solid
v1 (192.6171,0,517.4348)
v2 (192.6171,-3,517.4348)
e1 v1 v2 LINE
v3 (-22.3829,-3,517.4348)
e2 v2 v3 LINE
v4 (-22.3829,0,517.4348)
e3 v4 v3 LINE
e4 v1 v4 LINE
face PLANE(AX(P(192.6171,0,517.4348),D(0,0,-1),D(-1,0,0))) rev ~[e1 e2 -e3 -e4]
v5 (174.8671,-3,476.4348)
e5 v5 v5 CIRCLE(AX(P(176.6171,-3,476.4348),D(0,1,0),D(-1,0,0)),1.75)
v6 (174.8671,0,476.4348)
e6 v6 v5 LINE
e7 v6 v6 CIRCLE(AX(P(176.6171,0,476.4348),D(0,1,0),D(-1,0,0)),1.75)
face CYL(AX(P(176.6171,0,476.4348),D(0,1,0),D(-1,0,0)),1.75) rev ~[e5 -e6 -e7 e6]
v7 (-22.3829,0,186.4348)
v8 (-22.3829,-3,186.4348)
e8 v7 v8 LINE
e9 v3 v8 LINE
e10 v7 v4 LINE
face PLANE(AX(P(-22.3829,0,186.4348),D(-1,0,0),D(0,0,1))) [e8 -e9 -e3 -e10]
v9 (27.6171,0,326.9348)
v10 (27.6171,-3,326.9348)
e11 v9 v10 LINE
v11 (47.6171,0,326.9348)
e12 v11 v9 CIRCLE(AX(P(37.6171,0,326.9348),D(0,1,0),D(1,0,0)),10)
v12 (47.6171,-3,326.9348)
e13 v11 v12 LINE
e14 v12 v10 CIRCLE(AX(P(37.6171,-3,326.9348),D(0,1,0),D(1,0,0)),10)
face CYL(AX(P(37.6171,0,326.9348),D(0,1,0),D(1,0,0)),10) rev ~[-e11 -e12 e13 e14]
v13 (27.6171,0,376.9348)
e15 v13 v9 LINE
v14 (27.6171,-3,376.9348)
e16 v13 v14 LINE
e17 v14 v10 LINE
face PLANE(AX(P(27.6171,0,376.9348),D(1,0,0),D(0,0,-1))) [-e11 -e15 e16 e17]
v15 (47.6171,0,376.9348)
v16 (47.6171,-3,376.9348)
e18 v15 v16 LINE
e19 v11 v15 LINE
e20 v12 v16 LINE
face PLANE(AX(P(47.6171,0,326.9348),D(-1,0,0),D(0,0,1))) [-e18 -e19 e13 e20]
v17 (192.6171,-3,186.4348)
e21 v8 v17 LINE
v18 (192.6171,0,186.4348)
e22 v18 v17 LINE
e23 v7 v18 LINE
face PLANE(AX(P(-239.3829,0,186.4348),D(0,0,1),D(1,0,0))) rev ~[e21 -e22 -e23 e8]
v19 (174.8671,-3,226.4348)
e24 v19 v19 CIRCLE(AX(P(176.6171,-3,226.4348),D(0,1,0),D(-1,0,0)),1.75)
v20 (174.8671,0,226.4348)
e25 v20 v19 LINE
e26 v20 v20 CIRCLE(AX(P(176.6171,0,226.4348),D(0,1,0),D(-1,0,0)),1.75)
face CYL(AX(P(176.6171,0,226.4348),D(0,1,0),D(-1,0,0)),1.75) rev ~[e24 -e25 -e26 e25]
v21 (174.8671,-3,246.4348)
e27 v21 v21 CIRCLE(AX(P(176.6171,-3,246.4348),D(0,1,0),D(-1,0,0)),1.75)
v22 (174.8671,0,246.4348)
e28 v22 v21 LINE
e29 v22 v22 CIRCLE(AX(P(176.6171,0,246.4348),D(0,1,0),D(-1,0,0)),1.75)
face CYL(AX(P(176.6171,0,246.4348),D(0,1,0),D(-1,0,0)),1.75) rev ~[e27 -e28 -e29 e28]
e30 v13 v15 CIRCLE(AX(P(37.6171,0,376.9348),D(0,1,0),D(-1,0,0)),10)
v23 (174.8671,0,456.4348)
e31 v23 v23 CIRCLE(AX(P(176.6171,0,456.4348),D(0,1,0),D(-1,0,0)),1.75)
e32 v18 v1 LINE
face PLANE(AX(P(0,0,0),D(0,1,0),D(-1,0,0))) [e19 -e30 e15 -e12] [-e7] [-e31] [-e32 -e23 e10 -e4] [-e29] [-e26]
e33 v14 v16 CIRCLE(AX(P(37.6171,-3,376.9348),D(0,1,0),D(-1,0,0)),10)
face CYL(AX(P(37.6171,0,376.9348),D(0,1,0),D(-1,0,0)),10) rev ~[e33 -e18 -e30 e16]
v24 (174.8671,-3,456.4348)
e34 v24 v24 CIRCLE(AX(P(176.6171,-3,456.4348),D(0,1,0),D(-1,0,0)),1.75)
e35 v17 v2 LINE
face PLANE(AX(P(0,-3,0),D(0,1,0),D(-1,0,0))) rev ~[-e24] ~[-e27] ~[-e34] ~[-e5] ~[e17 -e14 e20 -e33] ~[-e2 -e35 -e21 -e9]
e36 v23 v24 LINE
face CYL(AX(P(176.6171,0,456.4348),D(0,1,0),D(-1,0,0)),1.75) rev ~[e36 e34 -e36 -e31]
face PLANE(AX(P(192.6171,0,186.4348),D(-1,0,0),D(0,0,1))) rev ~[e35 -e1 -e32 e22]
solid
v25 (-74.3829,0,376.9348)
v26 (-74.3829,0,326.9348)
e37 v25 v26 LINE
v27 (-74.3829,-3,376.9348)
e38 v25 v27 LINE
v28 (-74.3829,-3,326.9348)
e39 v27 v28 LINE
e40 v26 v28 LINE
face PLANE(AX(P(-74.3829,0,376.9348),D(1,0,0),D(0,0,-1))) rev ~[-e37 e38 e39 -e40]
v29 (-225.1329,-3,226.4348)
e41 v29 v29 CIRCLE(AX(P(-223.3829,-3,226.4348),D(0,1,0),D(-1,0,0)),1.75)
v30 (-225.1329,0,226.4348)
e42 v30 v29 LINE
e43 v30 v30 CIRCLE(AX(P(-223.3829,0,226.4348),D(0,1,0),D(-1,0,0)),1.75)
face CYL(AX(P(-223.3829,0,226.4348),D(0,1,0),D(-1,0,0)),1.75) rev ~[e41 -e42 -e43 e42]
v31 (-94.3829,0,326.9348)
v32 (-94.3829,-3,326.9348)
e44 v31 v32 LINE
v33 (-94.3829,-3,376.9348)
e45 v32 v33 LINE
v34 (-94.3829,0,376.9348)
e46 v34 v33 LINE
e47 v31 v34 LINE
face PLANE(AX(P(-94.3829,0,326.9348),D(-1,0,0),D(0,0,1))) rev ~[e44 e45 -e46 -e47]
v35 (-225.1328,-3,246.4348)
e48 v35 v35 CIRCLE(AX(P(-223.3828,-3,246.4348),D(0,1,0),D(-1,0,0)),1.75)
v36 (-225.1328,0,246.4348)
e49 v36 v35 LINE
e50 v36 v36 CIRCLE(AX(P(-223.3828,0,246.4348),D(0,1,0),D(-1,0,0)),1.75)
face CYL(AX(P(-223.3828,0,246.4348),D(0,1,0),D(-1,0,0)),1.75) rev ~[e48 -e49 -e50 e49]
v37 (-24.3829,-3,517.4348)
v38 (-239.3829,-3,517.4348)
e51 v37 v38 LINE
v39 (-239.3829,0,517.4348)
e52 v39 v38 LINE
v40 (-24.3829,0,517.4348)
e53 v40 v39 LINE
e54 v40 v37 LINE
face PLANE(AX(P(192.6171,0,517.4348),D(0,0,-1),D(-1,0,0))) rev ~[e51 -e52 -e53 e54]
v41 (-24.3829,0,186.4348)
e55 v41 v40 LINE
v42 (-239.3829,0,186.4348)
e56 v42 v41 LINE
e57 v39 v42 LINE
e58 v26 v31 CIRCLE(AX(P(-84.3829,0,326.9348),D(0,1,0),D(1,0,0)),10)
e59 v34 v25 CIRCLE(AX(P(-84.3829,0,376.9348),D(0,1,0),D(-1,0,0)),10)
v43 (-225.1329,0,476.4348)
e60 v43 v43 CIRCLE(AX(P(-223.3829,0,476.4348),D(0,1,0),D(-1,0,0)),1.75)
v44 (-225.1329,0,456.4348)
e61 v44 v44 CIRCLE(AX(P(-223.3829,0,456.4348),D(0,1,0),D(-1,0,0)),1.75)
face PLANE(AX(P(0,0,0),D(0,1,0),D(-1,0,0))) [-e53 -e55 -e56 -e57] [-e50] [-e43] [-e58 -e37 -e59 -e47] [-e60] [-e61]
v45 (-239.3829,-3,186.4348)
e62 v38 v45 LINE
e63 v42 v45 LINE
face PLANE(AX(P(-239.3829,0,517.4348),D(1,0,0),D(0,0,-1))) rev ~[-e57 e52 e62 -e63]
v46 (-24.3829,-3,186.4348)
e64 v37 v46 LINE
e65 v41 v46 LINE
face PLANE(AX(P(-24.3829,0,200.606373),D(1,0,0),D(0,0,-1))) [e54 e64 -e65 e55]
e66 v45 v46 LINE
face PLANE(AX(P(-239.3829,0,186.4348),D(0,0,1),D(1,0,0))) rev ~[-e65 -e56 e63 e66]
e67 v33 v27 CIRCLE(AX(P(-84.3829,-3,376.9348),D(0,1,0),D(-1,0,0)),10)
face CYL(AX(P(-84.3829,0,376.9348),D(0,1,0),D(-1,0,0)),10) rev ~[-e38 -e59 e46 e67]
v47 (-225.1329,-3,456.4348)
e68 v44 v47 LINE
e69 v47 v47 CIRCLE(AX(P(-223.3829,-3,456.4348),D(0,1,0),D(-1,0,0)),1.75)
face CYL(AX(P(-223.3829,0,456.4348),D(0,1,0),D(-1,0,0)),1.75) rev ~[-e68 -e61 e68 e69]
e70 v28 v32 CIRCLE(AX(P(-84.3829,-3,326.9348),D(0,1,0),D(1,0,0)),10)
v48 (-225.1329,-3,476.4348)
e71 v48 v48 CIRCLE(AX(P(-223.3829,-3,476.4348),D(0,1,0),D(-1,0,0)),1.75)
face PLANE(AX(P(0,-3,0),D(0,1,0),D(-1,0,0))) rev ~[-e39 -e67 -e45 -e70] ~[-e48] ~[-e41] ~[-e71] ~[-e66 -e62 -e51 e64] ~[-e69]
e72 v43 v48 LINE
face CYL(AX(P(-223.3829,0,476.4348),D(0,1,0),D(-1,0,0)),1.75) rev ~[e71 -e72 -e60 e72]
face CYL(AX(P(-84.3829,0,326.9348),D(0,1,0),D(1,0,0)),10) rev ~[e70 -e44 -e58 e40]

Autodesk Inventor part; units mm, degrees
ref_plane "YZ Plane" through (0, 0, 0) normal (1, 0, 0) x (0, 1, 0)
ref_plane "XZ Plane" through (0, 0, 0) normal (0, 1, 0) x (-1, 0, 0)
ref_plane "XY Plane" through (0, 0, 0) normal (0, 0, 1) x (1, 0, 0)
sketch "Sketch1" plane through (0, 0, 0) normal (0, 1, 0) x (-1, 0, 0)
  circle A0 centre (104.8829, 126.4348) radius 1.25 projected
  circle A1 centre (139.8829, 126.4348) radius 1.25 projected
  circle A2 centre (-92.6171, 155.4348) radius 1.6 projected
  circle A3 centre (210.3829, 138.4348) radius 11.5 projected
  circle A4 centre (-92.6171, 114.4348) radius 1.6 projected
  line L0 (-122.7381, 154.8468) -> (-122.7381, 115.0468) projected
  line L1 (-122.7381, 115.0468) -> (-181.8381, 115.0468) projected
  line L2 (-181.8381, 115.0468) -> (-181.8381, 154.8468) projected
  line L3 (-181.8381, 154.8468) -> (-122.7381, 154.8468) projected
  circle A5 centre (95.3829, 138.4348) radius 12.5 projected
  circle A6 centre (130.3829, 138.4348) radius 12.5 projected
  circle A7 centre (120.8829, 150.4348) radius 1.25 projected
  circle A8 centre (-102.5711, 120.4348) radius 2.5 projected
  circle A9 centre (-185.6171, 155.4348) radius 1.6 projected
  circle A10 centre (-185.6171, 114.4348) radius 1.6 projected
  circle A11 centre (-102.5711, 138.2317) radius 4.5 projected
  circle A12 centre (85.8829, 150.4348) radius 1.25 projected
  circle A13 centre (-52.5711, 138.4348) radius 8 projected
  line L4 (240.3829, 518.4348) -> (240.3829, 185.4348) projected
  line L5 (240.3829, 185.4348) -> (-193.6171, 185.4348) projected
  line L6 (-193.6171, 185.4348) -> (-193.6171, 518.4348) projected
  line L7 (-193.6171, 518.4348) -> (240.3829, 518.4348) projected
  line L8 (290.3829, 78.4348) -> (-243.6171, 78.4348) projected
  line L9 (290.3829, 558.4348) -> (290.3829, 78.4348) projected
  line L10 (-243.6171, 558.4348) -> (290.3829, 558.4348) projected
  line L11 (-243.6171, 78.4348) -> (-243.6171, 558.4348) projected
  circle A14 centre (-234.1171, 143.4348) radius 1.75 projected
  circle A15 centre (-141.6171, 550.9348) radius 1.75 projected
  circle A16 centre (23.3829, 550.9348) radius 1.75 projected
  circle A17 centre (188.3829, 85.9348) radius 1.75 projected
  circle A18 centre (23.3829, 85.9348) radius 1.75 projected
  circle A19 centre (-141.6171, 85.9348) radius 1.75 projected
  circle A20 centre (280.8829, 493.4348) radius 1.75 projected
  circle A21 centre (280.8829, 143.4348) radius 1.75 projected
  circle A22 centre (-234.1171, 493.4348) radius 1.75 projected
  circle A23 centre (188.3829, 550.9348) radius 1.75 projected
  circle A24 centre (-176.6171, 226.4348) radius 1.75 projected
  circle A25 centre (-176.6171, 246.4348) radius 1.75 projected
  circle A26 centre (-176.6171, 456.4348) radius 1.75 projected
  circle A27 centre (-176.6171, 476.4348) radius 1.75 projected
  circle A28 centre (223.3829, 476.4348) radius 1.75 projected
  circle A29 centre (223.3829, 456.4348) radius 1.75 projected
  circle A30 centre (223.3829, 226.4348) radius 1.75 projected
  circle A31 centre (223.3828, 246.4348) radius 1.75 projected
  line L12 (-192.6171, 517.4348) -> (239.3829, 517.4348)
  line L13 (239.3829, 517.4348) -> (239.3829, 186.4348)
  line L14 (239.3829, 186.4348) -> (-192.6171, 186.4348)
  line L15 (-192.6171, 186.4348) -> (-192.6171, 517.4348)
  point P0 (0, 0)
  dimension "d0" = 1
  dimension "d1" = 1
  dimension "d2" = 1
  dimension "d3" = 1
extrude "Extrusion1" add sketch "Sketch1" against normal blind 3 contours L12 L13 L14 L15
sketch "Sketch2" plane through (0, 0, 0) normal (0, 1, 0) x (1, 0, 0)
  line L0 (192.6171, -186.4348) -> (-239.3829, -186.4348) projected
  line L1 (-239.3829, -186.4348) -> (-239.3829, -517.4348) projected
  line L2 (-239.3829, -517.4348) -> (192.6171, -517.4348) projected
  line L3 (192.6171, -517.4348) -> (192.6171, -186.4348) projected
  circle A0 centre (176.6171, -476.4348) radius 1.75 projected
  circle A1 centre (176.6171, -246.4348) radius 1.75 projected
  circle A2 centre (176.6171, -226.4348) radius 1.75 projected
  circle A3 centre (176.6171, -456.4348) radius 1.75 projected
  line L4 (-239.3829, -186.4348) -> (192.6171, -186.4348) projected
  line L5 (-22.3829, -186.4348) -> (-22.3829, -517.4348)
  line L6 (192.6171, -517.4348) -> (-239.3829, -517.4348) projected
  line L7 (-24.3829, -517.4348) -> (-24.3829, -186.4348)
  circle A4 centre (-23.3829, -203.4348) radius 3 projected
  line L8 (37.6171, -376.9348) -> (37.6171, -326.9348) construction
  line L9 (27.6171, -376.9348) -> (27.6171, -326.9348)
  line L10 (47.6171, -326.9348) -> (47.6171, -376.9348)
  arc A5 (27.6171, -376.9348) -> (47.6171, -376.9348) centre (37.6171, -376.9348) ccw
  arc A6 (47.6171, -326.9348) -> (27.6171, -326.9348) centre (37.6171, -326.9348) ccw
  line L11 (-84.3829, -376.9348) -> (-84.3829, -326.9348) construction
  line L12 (-74.3829, -376.9348) -> (-74.3829, -326.9348)
  line L13 (-94.3829, -326.9348) -> (-94.3829, -376.9348)
  arc A7 (-94.3829, -376.9348) -> (-74.3829, -376.9348) centre (-84.3829, -376.9348) ccw
  arc A8 (-74.3829, -326.9348) -> (-94.3829, -326.9348) centre (-84.3829, -326.9348) ccw
  point P0 (0, 0)
  point P1 (37.6171, -351.9348)
  point P2 (-84.3829, -351.9348)
  point P3 (-24.3829, -351.9348)
  point P4 (-22.3829, -351.9348)
  point P5 (-22.3829, -206.2632)
  point P6 (-24.3829, -206.2632)
  point P7 (-24.3829, -517.4348)
  dimension "d6" = 1
  dimension "d7" = 1
  dimension "d8" = 50
  dimension "d9" = 50
  dimension "d10" = 50
  dimension "d11" = 10
extrude "Extrusion2" cut sketch "Sketch2" against normal blind 3 contours L5 A4 L7 L0 | L5 A4 L7 | L2 L7 A4 L5 | L9 A6 L10 A5 | A7 L13 A8 L12
equation "\"d1\" = d0"
equation "\"d2\" = d0"
equation "\"d3\" = d0"
equation "\"d7\" = d6"
equation "\"d9\" = d8"
properties part number "Door Panel" material "PMMA Plastic"
